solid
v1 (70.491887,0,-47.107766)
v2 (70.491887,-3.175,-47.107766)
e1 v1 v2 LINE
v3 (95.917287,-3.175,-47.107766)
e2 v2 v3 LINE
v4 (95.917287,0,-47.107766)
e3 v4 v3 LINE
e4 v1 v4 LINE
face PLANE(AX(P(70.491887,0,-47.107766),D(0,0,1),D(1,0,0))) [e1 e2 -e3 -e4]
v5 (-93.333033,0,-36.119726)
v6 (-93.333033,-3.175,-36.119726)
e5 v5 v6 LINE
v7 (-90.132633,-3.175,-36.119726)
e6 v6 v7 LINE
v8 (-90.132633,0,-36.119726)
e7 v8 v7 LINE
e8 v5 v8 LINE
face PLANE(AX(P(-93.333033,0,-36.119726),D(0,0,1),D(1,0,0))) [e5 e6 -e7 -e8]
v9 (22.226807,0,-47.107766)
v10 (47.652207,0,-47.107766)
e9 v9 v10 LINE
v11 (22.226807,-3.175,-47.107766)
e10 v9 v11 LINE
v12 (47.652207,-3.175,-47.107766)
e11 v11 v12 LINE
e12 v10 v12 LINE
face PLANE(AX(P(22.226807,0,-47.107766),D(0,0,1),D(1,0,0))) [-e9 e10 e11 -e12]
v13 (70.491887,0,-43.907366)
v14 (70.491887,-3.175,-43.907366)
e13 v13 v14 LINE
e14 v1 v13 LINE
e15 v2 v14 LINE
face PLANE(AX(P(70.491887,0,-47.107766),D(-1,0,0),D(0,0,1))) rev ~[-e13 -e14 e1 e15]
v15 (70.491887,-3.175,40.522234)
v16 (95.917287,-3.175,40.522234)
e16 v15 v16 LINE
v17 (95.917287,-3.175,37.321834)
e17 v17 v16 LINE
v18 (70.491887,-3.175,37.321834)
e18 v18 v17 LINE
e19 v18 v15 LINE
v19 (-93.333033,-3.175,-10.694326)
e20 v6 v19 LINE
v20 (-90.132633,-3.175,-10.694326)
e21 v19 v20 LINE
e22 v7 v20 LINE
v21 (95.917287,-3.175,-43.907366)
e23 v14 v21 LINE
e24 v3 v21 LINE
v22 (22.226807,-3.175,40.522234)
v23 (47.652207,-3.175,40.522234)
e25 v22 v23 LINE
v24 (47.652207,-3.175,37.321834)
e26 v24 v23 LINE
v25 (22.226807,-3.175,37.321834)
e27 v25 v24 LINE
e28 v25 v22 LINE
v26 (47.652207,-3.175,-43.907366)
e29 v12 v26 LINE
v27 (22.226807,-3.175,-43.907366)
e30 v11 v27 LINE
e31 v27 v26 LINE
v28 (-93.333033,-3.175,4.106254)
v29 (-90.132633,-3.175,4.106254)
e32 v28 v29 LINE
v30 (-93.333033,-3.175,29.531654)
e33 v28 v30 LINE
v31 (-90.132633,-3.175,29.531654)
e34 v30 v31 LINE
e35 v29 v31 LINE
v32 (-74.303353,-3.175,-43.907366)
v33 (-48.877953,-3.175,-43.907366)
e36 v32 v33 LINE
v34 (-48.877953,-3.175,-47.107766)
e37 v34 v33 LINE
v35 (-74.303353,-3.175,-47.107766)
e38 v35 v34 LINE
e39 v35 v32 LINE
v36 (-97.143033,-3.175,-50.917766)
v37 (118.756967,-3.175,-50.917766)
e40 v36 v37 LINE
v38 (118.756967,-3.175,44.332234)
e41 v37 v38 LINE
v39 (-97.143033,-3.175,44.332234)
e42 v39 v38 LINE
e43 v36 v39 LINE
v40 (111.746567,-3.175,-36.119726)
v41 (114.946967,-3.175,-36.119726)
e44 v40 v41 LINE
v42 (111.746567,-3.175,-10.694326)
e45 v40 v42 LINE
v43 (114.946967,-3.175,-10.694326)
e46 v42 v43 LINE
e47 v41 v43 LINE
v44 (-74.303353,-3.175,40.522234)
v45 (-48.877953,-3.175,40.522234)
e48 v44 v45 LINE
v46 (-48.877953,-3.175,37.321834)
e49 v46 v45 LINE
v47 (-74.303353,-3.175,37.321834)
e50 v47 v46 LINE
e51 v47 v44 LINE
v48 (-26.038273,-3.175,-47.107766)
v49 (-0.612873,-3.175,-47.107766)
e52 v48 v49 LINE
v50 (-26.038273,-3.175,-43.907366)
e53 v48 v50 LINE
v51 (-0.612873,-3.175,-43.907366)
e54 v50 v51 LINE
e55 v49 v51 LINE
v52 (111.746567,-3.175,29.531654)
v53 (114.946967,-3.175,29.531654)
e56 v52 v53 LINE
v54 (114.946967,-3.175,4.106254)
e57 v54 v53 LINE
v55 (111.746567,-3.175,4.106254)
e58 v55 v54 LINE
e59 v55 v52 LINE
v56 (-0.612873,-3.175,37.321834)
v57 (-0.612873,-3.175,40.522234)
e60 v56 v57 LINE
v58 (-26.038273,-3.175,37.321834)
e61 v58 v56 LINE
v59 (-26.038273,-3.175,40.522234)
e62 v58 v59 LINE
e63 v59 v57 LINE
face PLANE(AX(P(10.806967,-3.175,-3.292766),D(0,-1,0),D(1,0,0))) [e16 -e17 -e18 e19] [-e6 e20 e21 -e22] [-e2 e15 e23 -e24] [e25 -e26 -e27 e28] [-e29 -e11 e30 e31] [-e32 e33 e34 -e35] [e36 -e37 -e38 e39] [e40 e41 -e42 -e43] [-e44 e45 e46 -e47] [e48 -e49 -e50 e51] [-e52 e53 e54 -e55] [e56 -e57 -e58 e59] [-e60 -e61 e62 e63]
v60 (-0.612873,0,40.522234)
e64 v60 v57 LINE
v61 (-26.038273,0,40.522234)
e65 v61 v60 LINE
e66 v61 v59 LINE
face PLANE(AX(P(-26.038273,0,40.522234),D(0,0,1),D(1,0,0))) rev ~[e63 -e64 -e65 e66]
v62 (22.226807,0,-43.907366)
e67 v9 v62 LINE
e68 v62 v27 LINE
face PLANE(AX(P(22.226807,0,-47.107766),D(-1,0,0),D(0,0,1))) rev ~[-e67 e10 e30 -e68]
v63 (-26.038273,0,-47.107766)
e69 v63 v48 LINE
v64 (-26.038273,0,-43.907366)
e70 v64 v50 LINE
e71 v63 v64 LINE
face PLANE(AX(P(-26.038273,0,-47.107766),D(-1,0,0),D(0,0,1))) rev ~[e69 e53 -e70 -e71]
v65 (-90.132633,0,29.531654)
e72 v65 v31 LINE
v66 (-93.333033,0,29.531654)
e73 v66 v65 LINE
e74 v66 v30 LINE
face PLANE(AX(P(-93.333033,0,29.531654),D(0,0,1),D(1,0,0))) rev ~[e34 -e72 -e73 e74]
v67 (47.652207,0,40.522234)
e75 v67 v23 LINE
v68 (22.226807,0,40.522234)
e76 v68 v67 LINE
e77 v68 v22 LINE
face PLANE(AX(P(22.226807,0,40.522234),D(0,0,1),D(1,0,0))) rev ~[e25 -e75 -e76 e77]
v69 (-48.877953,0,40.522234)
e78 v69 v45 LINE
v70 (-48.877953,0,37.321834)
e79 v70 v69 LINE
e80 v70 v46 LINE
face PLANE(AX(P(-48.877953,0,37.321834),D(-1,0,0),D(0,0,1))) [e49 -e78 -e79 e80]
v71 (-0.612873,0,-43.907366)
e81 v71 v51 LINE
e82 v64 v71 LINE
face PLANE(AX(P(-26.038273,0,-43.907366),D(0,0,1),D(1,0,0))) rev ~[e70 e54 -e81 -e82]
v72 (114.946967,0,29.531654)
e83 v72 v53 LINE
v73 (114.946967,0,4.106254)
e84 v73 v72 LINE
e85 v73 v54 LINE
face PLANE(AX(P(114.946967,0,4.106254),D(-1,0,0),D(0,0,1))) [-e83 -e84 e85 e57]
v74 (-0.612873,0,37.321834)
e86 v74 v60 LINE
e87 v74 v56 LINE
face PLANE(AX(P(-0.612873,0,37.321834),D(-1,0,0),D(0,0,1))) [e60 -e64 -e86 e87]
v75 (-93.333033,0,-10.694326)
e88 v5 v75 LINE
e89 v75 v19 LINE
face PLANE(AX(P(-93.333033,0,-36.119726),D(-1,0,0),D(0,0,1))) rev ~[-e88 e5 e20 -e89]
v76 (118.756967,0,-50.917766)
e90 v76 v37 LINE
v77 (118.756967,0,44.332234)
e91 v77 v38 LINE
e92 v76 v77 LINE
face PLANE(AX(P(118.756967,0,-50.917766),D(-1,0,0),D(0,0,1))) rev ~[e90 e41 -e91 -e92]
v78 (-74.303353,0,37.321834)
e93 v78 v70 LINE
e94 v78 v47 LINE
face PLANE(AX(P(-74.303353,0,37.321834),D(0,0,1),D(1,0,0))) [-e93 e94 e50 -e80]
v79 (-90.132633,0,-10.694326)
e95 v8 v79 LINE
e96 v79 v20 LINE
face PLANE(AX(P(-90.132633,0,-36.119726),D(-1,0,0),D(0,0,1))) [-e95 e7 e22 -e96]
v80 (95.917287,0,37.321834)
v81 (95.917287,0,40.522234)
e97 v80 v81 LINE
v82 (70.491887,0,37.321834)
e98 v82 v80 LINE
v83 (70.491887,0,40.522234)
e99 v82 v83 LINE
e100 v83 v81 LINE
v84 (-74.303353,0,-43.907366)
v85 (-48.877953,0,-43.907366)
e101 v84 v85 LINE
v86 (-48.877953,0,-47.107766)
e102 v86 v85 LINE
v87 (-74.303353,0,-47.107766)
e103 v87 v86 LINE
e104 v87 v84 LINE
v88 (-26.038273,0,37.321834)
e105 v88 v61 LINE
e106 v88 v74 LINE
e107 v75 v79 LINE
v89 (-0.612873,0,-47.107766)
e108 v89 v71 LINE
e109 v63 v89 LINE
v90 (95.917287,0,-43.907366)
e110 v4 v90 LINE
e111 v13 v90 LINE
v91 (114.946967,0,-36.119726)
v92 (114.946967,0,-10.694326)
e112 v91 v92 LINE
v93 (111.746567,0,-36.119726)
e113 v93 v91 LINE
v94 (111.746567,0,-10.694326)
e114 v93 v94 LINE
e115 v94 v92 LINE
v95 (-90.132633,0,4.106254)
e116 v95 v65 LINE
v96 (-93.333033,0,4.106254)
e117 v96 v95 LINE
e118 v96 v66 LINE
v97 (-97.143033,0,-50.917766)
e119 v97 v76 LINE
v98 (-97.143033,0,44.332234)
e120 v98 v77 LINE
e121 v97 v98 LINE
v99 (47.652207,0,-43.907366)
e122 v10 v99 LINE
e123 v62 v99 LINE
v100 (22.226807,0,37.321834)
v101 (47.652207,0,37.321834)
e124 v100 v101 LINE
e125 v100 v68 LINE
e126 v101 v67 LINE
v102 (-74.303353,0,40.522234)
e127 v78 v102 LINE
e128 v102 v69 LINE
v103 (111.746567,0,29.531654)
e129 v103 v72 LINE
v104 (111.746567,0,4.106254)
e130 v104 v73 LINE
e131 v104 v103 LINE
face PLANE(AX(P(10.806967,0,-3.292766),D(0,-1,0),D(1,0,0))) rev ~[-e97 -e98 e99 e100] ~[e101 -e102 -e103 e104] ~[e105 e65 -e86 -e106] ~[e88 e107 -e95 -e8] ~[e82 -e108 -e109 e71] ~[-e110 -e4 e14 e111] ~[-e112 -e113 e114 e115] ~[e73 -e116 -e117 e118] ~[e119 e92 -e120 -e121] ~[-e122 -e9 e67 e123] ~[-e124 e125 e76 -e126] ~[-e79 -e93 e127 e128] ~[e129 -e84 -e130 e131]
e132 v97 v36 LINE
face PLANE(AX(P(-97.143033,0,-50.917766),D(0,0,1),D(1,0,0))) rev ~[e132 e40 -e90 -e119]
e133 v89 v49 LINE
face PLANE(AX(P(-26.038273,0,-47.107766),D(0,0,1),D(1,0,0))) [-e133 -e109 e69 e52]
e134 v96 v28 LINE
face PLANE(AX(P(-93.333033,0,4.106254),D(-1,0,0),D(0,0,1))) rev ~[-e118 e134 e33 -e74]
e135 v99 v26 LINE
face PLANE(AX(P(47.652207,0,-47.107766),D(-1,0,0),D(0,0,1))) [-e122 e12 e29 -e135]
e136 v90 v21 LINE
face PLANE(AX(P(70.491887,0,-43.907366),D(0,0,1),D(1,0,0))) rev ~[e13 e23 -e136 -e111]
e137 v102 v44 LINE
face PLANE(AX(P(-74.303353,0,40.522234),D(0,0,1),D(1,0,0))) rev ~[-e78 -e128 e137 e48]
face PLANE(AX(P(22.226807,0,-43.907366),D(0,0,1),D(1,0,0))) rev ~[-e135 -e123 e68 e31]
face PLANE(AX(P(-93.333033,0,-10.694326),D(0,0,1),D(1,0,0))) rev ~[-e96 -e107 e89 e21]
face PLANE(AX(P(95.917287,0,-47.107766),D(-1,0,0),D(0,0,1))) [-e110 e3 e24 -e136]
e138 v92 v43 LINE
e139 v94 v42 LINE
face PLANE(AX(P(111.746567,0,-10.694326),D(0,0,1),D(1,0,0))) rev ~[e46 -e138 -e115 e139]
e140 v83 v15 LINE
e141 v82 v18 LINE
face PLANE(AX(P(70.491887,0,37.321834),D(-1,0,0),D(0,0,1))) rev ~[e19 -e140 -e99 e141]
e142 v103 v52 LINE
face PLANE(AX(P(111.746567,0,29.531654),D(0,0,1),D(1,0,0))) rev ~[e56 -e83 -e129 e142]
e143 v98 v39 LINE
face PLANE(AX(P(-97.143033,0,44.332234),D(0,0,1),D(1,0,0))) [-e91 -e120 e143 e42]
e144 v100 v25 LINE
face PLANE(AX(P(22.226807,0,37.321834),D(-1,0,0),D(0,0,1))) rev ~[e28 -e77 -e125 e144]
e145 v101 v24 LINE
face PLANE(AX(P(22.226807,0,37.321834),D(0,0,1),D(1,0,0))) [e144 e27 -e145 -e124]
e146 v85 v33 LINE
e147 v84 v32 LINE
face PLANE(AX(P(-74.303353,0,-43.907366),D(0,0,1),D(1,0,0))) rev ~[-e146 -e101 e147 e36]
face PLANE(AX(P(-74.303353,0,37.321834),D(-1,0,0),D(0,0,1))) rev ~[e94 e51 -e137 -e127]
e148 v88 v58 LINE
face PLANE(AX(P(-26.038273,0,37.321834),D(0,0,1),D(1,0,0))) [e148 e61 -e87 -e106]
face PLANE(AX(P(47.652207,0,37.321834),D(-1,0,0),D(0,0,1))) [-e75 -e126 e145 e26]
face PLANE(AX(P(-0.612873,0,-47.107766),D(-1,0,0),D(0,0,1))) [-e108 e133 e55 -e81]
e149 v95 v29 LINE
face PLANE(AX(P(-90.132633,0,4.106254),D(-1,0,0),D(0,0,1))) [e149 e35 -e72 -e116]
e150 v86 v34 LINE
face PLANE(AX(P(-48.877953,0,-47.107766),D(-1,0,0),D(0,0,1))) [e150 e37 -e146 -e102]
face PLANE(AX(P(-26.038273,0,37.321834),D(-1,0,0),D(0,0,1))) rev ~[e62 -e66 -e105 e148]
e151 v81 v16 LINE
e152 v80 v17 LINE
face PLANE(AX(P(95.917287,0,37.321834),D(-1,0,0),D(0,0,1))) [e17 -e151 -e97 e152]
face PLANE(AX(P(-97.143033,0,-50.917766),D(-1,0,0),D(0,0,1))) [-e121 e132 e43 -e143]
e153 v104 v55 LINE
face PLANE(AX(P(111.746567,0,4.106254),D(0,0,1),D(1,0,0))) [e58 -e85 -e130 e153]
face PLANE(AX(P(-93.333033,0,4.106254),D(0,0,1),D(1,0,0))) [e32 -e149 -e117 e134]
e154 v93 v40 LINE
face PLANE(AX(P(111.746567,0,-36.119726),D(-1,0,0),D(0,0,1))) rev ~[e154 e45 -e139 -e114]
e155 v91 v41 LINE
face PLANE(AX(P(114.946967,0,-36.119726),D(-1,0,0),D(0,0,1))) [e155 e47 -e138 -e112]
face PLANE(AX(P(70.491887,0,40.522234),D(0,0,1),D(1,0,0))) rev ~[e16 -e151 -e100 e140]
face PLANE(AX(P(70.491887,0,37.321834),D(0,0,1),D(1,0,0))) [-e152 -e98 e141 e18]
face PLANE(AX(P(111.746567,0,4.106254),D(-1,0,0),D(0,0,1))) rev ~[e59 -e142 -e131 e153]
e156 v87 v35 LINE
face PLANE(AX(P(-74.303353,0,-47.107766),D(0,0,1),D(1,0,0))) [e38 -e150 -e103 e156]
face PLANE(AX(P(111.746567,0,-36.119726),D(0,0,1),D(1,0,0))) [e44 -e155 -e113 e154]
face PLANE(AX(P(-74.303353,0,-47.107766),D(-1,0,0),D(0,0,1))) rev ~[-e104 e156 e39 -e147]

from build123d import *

# Parameters (mm, degrees)
F0_W     = 215.9
F0_H     = 95.25
F0_W_2   = 25.4254
F0_H_2   = 3.2004
F0_W_3   = 3.2004
F0_H_3   = 25.4254
F1_DEPTH = 3.175


with BuildPart() as f1:
    # F0 (on Front) → F1 (new body)
    with BuildSketch(Plane.XZ):
        with Locations((10.806967, -3.292766)):
            Rectangle(F0_W, F0_H)
        with Locations((-61.590653, -45.507566)):
            Rectangle(F0_W_2, F0_H_2, mode=Mode.SUBTRACT)
        with Locations((-13.325573, -45.507566)):
            Rectangle(F0_W_2, F0_H_2, mode=Mode.SUBTRACT)
        with Locations((-91.732833, -23.407026)):
            Rectangle(F0_W_3, F0_H_3, mode=Mode.SUBTRACT)
        with Locations((34.939507, -45.507566)):
            Rectangle(F0_W_2, F0_H_2, mode=Mode.SUBTRACT)
        with Locations((83.204587, -45.507566)):
            Rectangle(F0_W_2, F0_H_2, mode=Mode.SUBTRACT)
        with Locations((113.346767, -23.407026)):
            Rectangle(F0_W_3, F0_H_3, mode=Mode.SUBTRACT)
        with Locations((-91.732833, 16.818954)):
            Rectangle(F0_W_3, F0_H_3, mode=Mode.SUBTRACT)
        with Locations((-61.590653, 38.922034)):
            Rectangle(F0_W_2, F0_H_2, mode=Mode.SUBTRACT)
        with Locations((-13.325573, 38.922034)):
            Rectangle(F0_W_2, F0_H_2, mode=Mode.SUBTRACT)
        with Locations((113.346767, 16.818954)):
            Rectangle(F0_W_3, F0_H_3, mode=Mode.SUBTRACT)
        with Locations((34.939507, 38.922034)):
            Rectangle(F0_W_2, F0_H_2, mode=Mode.SUBTRACT)
        with Locations((83.204587, 38.922034)):
            Rectangle(F0_W_2, F0_H_2, mode=Mode.SUBTRACT)
    extrude(amount=F1_DEPTH)


solid = f1.part
